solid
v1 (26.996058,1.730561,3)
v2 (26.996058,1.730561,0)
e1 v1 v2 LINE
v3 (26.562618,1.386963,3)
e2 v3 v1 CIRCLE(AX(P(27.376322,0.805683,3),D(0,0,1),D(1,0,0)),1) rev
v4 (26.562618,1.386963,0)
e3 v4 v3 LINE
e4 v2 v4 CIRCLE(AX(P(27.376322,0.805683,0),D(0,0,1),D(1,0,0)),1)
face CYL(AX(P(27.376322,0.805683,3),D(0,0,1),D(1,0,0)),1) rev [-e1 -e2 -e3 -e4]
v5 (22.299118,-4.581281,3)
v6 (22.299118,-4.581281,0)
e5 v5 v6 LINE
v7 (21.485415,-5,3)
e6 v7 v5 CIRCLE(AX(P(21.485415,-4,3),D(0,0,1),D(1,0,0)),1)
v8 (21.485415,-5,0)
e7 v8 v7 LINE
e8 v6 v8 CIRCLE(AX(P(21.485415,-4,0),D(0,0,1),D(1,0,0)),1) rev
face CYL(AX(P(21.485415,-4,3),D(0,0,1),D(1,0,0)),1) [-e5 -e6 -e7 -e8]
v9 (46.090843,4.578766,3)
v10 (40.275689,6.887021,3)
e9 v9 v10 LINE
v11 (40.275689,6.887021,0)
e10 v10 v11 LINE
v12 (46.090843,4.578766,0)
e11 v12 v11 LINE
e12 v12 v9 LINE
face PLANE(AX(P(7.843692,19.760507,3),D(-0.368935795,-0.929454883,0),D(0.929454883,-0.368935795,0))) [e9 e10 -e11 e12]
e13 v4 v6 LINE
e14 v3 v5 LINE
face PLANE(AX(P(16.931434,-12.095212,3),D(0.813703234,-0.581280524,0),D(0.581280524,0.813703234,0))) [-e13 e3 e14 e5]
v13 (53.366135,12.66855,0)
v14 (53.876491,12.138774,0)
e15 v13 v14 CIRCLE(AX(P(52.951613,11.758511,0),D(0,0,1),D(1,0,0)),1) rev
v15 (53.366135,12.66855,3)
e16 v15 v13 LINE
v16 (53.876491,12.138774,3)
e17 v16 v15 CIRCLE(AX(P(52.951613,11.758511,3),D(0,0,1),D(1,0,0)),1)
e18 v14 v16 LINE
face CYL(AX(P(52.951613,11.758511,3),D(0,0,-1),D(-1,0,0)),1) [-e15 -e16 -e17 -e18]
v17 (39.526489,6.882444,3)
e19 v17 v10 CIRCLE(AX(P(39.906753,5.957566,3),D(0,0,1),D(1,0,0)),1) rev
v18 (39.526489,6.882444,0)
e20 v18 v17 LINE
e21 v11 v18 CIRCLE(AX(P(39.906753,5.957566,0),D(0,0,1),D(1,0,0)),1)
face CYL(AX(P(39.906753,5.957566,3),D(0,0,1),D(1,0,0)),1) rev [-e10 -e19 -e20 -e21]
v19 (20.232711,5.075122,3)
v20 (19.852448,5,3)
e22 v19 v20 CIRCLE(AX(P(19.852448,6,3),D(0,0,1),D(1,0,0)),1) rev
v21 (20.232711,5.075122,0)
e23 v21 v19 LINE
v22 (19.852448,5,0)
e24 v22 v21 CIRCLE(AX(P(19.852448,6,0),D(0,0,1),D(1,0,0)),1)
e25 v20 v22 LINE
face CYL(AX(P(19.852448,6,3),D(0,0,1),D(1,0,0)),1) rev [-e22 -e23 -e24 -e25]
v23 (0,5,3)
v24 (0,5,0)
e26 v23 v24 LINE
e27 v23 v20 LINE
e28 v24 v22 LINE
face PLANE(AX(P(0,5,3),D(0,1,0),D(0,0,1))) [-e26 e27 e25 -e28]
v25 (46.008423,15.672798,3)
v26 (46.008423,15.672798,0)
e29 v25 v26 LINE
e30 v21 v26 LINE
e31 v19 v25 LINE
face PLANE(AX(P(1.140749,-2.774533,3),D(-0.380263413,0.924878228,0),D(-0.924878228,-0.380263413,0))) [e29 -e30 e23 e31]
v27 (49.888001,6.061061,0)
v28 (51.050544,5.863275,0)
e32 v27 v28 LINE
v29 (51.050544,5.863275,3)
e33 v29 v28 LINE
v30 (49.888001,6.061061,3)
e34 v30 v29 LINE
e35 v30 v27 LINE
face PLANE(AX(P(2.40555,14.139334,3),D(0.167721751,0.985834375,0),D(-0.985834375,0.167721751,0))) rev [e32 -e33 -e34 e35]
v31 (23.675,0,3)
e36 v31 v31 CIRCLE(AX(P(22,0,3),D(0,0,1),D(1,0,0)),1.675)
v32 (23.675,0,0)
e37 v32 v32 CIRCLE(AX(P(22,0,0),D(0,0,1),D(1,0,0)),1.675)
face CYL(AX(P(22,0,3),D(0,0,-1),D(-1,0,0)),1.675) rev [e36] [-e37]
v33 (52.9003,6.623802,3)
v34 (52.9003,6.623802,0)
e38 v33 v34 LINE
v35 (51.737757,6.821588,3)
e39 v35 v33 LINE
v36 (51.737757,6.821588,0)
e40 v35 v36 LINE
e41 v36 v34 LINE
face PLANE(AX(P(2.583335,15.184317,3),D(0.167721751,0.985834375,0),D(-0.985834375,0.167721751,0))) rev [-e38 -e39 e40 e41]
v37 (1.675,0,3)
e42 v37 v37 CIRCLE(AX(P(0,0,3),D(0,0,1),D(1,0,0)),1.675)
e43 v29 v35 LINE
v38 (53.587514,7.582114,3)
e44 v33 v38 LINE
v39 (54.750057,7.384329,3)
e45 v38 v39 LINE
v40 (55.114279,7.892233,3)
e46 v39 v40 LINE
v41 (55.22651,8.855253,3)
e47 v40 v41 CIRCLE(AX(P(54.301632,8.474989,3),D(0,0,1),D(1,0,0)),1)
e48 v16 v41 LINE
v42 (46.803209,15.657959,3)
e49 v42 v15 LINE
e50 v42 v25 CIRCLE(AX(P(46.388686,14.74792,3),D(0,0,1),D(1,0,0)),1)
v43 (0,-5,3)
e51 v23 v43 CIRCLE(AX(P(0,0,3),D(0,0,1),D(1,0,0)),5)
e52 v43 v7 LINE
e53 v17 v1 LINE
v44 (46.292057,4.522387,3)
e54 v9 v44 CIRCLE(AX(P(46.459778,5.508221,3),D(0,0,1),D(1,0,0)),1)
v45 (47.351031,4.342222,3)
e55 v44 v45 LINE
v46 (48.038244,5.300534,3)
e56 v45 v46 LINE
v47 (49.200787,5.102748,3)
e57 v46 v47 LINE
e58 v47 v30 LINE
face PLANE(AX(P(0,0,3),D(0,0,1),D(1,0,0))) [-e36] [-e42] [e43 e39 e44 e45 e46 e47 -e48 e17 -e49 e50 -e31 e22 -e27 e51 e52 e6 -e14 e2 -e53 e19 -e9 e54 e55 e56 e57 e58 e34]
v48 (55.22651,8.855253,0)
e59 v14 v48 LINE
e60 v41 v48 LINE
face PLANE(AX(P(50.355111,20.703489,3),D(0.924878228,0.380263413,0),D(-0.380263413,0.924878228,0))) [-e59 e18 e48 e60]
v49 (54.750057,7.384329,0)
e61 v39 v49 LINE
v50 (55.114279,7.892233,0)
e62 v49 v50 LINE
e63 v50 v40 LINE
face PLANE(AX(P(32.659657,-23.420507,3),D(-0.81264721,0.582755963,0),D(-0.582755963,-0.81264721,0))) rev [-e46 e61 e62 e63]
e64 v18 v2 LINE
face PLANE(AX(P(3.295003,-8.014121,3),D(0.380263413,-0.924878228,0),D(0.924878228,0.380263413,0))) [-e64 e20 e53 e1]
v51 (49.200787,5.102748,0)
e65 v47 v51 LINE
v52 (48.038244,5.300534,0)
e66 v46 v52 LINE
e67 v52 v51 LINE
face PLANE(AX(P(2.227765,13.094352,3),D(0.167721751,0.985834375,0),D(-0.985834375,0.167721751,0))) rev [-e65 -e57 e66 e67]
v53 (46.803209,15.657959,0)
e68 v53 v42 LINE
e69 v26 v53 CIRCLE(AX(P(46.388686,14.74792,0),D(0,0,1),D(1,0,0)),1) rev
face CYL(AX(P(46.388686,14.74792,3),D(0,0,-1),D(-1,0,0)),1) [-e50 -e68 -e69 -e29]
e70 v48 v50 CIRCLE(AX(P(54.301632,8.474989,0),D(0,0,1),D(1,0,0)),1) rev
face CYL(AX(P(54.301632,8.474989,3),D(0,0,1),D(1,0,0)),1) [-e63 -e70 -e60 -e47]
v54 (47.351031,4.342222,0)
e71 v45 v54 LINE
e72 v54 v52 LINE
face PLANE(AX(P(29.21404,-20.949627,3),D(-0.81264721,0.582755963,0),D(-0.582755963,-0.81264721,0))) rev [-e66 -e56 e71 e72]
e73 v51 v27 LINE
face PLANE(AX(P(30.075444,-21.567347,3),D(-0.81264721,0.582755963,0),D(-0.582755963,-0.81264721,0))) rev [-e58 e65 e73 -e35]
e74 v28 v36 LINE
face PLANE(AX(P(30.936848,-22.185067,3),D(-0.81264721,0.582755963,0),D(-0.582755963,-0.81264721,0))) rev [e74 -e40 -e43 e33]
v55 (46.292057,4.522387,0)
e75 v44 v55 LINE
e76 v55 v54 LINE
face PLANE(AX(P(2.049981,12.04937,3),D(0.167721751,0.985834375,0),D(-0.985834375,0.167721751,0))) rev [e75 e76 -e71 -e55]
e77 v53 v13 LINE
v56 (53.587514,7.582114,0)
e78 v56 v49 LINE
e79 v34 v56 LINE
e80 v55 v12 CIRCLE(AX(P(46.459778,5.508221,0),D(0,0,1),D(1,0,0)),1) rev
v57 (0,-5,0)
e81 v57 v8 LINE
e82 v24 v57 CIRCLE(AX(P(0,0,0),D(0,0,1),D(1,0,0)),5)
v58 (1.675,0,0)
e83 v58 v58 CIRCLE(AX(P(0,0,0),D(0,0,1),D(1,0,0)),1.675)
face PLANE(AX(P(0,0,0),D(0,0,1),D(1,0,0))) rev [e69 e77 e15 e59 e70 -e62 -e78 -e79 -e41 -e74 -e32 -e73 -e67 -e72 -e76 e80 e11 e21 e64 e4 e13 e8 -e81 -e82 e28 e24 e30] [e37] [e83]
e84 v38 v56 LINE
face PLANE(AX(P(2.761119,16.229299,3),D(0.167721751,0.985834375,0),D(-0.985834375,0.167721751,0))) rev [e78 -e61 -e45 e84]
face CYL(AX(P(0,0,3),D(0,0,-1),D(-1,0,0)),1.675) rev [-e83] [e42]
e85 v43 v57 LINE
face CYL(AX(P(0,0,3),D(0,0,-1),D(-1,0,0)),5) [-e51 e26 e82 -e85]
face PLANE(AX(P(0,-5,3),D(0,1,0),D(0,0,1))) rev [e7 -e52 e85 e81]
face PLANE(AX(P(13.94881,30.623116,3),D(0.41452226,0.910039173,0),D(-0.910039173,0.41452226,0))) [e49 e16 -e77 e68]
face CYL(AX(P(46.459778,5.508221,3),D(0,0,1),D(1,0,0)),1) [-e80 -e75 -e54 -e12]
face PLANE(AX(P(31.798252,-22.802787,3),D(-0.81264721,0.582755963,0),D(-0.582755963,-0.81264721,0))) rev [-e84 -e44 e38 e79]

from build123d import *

# Parameters (mm, degrees)
SKETCH1_R           = 1.675
BOSS_EXTRUDE1_DEPTH = 3
FILLET1_R           = 1


with BuildPart() as part:
    # Sketch1 → Boss-Extrude1 (new body)
    with BuildSketch(Plane.XY):
        with BuildLine():
            Line((20.05, 5), (0, 5))
            ThreePointArc((0, 5), (-5, 0), (0, -5))
            Line((0, -5), (22, -5))
            Line((22, -5), (26.72989842, 1.621129525))
            Line((26.72989842, 1.621129525), (39.900164389, 7.036080522))
            Line((39.900164389, 7.036080522), (46.188488025, 4.540007042))
            Line((46.188488025, 4.540007042), (47.351030887, 4.342221563))
            Line((47.351030887, 4.342221563), (48.038244482, 5.300533868))
            Line((48.038244482, 5.300533868), (49.200787343, 5.102748388))
            Line((49.200787343, 5.102748388), (49.888000938, 6.061060693))
            Line((49.888000938, 6.061060693), (51.050543799, 5.863275214))
            Line((51.050543799, 5.863275214), (51.737757394, 6.821587519))
            Line((51.737757394, 6.821587519), (52.900300256, 6.623802039))
            Line((52.900300256, 6.623802039), (53.587513851, 7.582114344))
            Line((53.587513851, 7.582114344), (54.750056712, 7.384328864))
            Line((54.750056712, 7.384328864), (55.437270307, 8.34264117))
            Line((55.437270307, 8.34264117), (53.72608495, 12.504593197))
            Line((53.72608495, 12.504593197), (46.409029503, 15.837507263))
            Line((46.409029503, 15.837507263), (20.05, 5))
        make_face()
        Circle(SKETCH1_R, mode=Mode.SUBTRACT)
        with Locations((22, 0)):
            Circle(SKETCH1_R, mode=Mode.SUBTRACT)
    extrude(amount=BOSS_EXTRUDE1_DEPTH)

    # Fillet1
    fillet1_edges = [part.edges().sort_by_distance(p)[0] for p in [
        (22, -5, 1.5),
        (20.05, 5, 1.5),
        (46.409029503, 15.837507263, 1.5),
        (53.72608495, 12.504593197, 1.5),
        (55.437270307, 8.34264117, 1.5),
        (46.188488025, 4.540007042, 1.5),
        (39.900164389, 7.036080522, 1.5),
        (26.72989842, 1.621129525, 1.5),
    ]]
    fillet(fillet1_edges, radius=FILLET1_R)


solid = part.part
